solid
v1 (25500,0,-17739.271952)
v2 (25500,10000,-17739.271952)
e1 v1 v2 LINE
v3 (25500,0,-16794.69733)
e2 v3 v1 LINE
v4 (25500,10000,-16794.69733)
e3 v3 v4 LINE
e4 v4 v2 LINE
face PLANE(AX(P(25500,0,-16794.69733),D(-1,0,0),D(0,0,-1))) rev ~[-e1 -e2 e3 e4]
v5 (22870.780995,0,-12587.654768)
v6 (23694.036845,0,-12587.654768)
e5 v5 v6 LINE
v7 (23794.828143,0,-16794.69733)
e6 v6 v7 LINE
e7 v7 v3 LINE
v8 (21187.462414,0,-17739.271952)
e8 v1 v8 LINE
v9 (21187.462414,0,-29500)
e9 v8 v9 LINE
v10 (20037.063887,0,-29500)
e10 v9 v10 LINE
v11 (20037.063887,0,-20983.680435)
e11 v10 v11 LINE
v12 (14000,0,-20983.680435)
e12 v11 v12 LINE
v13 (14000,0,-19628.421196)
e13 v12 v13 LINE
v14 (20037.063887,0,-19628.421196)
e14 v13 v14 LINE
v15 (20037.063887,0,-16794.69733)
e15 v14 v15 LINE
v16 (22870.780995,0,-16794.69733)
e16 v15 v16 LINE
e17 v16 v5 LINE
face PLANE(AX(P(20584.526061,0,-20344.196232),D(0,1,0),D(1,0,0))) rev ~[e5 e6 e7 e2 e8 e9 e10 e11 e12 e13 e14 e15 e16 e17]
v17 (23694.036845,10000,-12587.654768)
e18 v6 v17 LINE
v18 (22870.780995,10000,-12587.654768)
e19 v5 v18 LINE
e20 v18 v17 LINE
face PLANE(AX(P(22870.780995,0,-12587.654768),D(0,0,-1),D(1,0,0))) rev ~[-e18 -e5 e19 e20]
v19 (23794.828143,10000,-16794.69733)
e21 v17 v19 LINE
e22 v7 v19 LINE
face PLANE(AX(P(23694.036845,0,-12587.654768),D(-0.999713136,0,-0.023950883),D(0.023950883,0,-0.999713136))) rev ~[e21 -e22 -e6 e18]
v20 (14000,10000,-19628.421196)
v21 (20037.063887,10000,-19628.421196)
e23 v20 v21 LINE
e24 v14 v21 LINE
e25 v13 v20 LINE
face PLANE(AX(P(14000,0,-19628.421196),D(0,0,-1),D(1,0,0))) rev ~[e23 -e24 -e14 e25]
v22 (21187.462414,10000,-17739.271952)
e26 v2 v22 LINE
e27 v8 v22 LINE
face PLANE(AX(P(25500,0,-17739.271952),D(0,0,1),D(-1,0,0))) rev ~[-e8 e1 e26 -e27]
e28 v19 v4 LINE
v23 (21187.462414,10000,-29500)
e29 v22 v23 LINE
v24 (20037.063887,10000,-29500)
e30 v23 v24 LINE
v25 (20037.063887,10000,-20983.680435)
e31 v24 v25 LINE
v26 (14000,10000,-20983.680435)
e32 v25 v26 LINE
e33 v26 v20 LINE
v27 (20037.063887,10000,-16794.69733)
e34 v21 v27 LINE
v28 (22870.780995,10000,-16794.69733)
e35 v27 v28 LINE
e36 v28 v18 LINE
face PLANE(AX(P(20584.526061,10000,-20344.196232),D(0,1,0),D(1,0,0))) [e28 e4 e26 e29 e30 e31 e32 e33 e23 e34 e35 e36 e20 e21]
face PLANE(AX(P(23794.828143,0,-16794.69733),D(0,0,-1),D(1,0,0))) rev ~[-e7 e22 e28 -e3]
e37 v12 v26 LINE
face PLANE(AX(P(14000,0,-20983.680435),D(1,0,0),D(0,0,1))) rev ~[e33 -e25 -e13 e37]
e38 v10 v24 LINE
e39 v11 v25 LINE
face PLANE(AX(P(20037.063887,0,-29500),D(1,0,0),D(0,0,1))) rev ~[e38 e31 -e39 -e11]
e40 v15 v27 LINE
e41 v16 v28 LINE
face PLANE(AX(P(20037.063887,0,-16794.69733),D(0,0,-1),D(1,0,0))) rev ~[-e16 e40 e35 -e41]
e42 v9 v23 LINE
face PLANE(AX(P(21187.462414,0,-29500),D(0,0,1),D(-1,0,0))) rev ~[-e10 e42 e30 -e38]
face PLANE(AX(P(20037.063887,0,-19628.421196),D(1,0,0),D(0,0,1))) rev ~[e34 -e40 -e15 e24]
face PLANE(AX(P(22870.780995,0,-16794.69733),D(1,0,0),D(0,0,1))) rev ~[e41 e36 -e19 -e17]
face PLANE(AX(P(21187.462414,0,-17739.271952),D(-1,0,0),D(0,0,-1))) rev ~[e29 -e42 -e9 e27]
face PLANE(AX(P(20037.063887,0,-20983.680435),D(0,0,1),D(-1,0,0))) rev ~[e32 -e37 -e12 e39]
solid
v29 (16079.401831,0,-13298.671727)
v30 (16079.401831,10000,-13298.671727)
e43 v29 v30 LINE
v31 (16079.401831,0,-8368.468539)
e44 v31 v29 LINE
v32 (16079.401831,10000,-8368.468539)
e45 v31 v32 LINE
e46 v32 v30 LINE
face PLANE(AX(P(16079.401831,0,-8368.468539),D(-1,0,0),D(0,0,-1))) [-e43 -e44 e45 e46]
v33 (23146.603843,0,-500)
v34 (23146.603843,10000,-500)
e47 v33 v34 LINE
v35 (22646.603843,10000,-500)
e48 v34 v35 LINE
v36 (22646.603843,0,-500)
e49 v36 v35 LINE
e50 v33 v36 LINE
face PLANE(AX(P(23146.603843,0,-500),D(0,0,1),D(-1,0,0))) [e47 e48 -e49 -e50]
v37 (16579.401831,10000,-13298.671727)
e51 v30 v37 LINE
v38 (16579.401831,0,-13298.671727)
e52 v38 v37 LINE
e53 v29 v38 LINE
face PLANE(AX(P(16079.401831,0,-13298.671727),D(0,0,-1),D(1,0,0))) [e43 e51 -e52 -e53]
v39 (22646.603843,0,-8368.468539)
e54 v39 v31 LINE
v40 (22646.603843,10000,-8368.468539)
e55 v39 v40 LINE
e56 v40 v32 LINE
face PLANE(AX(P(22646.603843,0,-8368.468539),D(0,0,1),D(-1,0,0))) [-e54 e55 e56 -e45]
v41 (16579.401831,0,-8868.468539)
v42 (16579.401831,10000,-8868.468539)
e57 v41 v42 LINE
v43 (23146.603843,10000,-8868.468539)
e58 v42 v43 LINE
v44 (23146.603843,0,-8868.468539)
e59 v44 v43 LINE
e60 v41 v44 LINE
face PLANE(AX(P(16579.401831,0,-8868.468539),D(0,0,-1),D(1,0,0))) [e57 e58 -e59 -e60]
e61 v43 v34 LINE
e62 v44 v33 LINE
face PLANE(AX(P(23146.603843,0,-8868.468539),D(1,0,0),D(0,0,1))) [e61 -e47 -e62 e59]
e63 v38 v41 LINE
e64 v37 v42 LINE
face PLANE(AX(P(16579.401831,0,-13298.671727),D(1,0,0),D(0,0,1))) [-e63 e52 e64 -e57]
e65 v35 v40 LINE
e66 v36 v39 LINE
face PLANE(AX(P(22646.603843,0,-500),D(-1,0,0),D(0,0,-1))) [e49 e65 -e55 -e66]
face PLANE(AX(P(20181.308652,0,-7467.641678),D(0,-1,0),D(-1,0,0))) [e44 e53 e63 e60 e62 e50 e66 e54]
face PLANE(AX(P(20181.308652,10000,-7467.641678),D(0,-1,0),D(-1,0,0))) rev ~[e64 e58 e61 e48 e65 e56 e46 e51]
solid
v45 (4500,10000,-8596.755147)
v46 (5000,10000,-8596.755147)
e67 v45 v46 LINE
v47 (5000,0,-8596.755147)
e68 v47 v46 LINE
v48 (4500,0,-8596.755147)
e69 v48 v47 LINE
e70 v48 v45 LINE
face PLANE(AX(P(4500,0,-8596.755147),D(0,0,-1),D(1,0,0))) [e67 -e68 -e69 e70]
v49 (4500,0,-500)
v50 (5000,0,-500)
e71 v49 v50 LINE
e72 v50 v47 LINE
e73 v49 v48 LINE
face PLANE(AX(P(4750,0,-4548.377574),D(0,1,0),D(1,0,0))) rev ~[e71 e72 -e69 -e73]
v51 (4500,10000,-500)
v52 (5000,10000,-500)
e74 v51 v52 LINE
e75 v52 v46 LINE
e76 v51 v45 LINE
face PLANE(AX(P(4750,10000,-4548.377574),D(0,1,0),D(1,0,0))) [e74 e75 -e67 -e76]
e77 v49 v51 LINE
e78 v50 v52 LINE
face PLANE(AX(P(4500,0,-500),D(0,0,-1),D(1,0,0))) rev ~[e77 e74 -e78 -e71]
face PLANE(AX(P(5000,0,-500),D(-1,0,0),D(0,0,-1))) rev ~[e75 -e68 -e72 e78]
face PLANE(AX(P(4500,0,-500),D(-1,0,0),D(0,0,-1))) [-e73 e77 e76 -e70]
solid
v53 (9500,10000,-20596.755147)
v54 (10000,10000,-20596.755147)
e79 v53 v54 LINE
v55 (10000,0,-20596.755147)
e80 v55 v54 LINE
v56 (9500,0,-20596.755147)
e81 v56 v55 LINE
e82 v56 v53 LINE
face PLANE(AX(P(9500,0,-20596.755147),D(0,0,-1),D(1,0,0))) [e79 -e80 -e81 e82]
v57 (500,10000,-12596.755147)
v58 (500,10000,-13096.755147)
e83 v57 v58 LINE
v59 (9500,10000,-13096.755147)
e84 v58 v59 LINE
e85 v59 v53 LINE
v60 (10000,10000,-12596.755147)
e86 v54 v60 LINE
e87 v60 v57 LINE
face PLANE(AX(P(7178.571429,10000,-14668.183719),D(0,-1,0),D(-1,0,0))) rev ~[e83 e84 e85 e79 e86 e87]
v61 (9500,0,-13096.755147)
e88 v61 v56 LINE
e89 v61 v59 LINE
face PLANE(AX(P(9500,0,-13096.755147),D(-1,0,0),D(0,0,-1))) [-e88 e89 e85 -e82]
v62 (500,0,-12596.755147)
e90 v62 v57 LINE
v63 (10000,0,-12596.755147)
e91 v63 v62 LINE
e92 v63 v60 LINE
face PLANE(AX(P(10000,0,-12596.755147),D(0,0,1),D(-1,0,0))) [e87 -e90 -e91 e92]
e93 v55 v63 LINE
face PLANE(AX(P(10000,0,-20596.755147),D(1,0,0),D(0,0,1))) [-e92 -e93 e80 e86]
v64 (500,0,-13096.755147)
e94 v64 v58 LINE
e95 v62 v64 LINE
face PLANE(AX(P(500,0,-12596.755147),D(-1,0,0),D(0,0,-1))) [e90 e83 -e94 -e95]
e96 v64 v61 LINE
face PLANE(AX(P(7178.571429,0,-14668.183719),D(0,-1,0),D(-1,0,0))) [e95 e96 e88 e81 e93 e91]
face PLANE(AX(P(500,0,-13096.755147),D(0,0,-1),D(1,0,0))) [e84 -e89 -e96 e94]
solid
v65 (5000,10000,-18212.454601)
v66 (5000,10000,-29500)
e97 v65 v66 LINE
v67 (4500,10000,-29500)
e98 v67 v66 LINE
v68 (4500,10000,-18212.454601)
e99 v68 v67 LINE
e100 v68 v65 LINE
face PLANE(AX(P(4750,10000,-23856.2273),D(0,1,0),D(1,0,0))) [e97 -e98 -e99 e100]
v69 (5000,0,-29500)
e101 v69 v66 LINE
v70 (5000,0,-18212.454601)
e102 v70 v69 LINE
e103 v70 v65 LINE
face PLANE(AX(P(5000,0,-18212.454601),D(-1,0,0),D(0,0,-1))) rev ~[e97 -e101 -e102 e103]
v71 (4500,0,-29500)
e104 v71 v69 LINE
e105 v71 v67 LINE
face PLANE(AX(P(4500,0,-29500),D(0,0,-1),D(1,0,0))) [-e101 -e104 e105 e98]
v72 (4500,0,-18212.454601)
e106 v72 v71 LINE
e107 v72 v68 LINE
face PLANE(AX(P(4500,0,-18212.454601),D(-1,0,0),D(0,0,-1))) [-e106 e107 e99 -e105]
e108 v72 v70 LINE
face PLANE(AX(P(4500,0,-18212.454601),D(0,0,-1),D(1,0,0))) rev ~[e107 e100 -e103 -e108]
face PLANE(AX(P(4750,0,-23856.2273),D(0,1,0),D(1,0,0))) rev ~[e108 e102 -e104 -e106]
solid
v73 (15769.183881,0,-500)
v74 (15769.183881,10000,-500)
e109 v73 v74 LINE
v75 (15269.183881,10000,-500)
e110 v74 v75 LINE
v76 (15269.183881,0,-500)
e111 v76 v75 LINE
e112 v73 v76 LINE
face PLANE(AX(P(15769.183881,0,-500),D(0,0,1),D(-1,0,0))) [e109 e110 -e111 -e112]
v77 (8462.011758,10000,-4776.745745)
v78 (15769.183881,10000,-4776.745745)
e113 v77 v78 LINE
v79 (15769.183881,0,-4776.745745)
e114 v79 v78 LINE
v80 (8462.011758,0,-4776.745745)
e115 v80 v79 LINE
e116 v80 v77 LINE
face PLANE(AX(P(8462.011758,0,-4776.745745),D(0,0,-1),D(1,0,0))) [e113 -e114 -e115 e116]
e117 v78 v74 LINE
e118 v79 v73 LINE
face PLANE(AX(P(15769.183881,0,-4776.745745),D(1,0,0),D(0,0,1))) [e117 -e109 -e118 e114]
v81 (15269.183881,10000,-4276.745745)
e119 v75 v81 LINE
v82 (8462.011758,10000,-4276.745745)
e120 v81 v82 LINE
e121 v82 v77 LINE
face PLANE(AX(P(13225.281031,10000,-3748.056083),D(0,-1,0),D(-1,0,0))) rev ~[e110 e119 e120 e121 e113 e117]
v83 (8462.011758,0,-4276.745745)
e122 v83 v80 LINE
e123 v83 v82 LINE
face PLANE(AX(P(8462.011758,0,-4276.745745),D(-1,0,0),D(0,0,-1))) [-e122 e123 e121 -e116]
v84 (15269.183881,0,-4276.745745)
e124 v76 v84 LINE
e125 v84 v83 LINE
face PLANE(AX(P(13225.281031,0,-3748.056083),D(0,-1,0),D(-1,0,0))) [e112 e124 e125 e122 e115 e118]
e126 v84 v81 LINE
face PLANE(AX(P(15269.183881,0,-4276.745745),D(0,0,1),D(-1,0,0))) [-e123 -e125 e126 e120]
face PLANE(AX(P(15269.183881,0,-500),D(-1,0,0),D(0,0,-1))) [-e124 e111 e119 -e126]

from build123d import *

# Parameters (mm, degrees)
SKETCH9_W            = 500
SKETCH9_H            = 8096.755147093
BOSS_EXTRUDE5_DEPTH  = 10000
BOSS_EXTRUDE6_DEPTH  = 10000
BOSS_EXTRUDE7_DEPTH  = 10000
BOSS_EXTRUDE8_DEPTH  = 10000
BOSS_EXTRUDE9_DEPTH  = 10000
SKETCH14_W           = 500
SKETCH14_H           = 11287.545399206
BOSS_EXTRUDE10_DEPTH = 10000


with BuildPart() as part:
    # Sketch9 → Boss-Extrude5 (new body)
    with BuildSketch(Plane(origin=(0, 0, 0), x_dir=(1, 0, 0), z_dir=(0, 1, 0))):
        with Locations((4750, 4548.377573547)):
            Rectangle(SKETCH9_W, SKETCH9_H)
    extrude(amount=BOSS_EXTRUDE5_DEPTH)


with BuildPart() as body_2:
    # Sketch1 → Boss-Extrude6 (new body)
    with BuildSketch(Plane(origin=(0, 0, 0), x_dir=(1, 0, 0), z_dir=(0, 1, 0))):
        Polygon((8462.011757956, 4776.7457449), (15769.183881246, 4776.7457449), (15769.183881246, 500), (15269.183881246, 500), (15269.183881246, 4276.7457449), (8462.011757956, 4276.7457449), align=None)
    extrude(amount=BOSS_EXTRUDE6_DEPTH)


with BuildPart() as body_3:
    # Sketch11 → Boss-Extrude7 (new body)
    with BuildSketch(Plane(origin=(0, 0, 0), x_dir=(1, 0, 0), z_dir=(0, 1, 0))):
        Polygon((16579.401831089, 13298.67172662), (16579.401831089, 8868.468538599), (23146.603843365, 8868.468538599), (23146.603843365, 500), (22646.603843365, 500), (22646.603843365, 8368.468538599), (16079.401831089, 8368.468538599), (16079.401831089, 13298.67172662), align=None)
    extrude(amount=BOSS_EXTRUDE7_DEPTH)


with BuildPart() as body_4:
    # Sketch12 → Boss-Extrude8 (new body)
    with BuildSketch(Plane(origin=(0, 0, 0), x_dir=(1, 0, 0), z_dir=(0, 1, 0))):
        Polygon((20037.063886677, 29500), (20037.063886677, 20983.680435406), (14000, 20983.680435406), (14000, 19628.42119554), (20037.063886677, 19628.42119554), (20037.063886677, 16794.697330365), (22870.780995046, 16794.697330365), (22870.780995046, 12587.654768297), (23694.036844744, 12587.654768297), (23794.82814267, 16794.697330365), (25500, 16794.697330365), (25500, 17739.27195209), (21187.462413517, 17739.27195209), (21187.462413517, 29500), align=None)
    extrude(amount=BOSS_EXTRUDE8_DEPTH)


with BuildPart() as body_5:
    # Sketch13 → Boss-Extrude9 (new body)
    with BuildSketch(Plane(origin=(0, 0, 0), x_dir=(1, 0, 0), z_dir=(0, 1, 0))):
        Polygon((500, 13096.755147093), (9500, 13096.755147093), (9500, 20596.755147093), (10000, 20596.755147093), (10000, 12596.755147093), (500, 12596.755147093), align=None)
    extrude(amount=BOSS_EXTRUDE9_DEPTH)


with BuildPart() as body_6:
    # Sketch14 → Boss-Extrude10 (new body)
    with BuildSketch(Plane(origin=(0, 0, 0), x_dir=(1, 0, 0), z_dir=(0, 1, 0))):
        with Locations((4750, 23856.227300397)):
            Rectangle(SKETCH14_W, SKETCH14_H)
    extrude(amount=BOSS_EXTRUDE10_DEPTH)


solid = Compound([part.part, body_2.part, body_3.part, body_4.part, body_5.part, body_6.part])
